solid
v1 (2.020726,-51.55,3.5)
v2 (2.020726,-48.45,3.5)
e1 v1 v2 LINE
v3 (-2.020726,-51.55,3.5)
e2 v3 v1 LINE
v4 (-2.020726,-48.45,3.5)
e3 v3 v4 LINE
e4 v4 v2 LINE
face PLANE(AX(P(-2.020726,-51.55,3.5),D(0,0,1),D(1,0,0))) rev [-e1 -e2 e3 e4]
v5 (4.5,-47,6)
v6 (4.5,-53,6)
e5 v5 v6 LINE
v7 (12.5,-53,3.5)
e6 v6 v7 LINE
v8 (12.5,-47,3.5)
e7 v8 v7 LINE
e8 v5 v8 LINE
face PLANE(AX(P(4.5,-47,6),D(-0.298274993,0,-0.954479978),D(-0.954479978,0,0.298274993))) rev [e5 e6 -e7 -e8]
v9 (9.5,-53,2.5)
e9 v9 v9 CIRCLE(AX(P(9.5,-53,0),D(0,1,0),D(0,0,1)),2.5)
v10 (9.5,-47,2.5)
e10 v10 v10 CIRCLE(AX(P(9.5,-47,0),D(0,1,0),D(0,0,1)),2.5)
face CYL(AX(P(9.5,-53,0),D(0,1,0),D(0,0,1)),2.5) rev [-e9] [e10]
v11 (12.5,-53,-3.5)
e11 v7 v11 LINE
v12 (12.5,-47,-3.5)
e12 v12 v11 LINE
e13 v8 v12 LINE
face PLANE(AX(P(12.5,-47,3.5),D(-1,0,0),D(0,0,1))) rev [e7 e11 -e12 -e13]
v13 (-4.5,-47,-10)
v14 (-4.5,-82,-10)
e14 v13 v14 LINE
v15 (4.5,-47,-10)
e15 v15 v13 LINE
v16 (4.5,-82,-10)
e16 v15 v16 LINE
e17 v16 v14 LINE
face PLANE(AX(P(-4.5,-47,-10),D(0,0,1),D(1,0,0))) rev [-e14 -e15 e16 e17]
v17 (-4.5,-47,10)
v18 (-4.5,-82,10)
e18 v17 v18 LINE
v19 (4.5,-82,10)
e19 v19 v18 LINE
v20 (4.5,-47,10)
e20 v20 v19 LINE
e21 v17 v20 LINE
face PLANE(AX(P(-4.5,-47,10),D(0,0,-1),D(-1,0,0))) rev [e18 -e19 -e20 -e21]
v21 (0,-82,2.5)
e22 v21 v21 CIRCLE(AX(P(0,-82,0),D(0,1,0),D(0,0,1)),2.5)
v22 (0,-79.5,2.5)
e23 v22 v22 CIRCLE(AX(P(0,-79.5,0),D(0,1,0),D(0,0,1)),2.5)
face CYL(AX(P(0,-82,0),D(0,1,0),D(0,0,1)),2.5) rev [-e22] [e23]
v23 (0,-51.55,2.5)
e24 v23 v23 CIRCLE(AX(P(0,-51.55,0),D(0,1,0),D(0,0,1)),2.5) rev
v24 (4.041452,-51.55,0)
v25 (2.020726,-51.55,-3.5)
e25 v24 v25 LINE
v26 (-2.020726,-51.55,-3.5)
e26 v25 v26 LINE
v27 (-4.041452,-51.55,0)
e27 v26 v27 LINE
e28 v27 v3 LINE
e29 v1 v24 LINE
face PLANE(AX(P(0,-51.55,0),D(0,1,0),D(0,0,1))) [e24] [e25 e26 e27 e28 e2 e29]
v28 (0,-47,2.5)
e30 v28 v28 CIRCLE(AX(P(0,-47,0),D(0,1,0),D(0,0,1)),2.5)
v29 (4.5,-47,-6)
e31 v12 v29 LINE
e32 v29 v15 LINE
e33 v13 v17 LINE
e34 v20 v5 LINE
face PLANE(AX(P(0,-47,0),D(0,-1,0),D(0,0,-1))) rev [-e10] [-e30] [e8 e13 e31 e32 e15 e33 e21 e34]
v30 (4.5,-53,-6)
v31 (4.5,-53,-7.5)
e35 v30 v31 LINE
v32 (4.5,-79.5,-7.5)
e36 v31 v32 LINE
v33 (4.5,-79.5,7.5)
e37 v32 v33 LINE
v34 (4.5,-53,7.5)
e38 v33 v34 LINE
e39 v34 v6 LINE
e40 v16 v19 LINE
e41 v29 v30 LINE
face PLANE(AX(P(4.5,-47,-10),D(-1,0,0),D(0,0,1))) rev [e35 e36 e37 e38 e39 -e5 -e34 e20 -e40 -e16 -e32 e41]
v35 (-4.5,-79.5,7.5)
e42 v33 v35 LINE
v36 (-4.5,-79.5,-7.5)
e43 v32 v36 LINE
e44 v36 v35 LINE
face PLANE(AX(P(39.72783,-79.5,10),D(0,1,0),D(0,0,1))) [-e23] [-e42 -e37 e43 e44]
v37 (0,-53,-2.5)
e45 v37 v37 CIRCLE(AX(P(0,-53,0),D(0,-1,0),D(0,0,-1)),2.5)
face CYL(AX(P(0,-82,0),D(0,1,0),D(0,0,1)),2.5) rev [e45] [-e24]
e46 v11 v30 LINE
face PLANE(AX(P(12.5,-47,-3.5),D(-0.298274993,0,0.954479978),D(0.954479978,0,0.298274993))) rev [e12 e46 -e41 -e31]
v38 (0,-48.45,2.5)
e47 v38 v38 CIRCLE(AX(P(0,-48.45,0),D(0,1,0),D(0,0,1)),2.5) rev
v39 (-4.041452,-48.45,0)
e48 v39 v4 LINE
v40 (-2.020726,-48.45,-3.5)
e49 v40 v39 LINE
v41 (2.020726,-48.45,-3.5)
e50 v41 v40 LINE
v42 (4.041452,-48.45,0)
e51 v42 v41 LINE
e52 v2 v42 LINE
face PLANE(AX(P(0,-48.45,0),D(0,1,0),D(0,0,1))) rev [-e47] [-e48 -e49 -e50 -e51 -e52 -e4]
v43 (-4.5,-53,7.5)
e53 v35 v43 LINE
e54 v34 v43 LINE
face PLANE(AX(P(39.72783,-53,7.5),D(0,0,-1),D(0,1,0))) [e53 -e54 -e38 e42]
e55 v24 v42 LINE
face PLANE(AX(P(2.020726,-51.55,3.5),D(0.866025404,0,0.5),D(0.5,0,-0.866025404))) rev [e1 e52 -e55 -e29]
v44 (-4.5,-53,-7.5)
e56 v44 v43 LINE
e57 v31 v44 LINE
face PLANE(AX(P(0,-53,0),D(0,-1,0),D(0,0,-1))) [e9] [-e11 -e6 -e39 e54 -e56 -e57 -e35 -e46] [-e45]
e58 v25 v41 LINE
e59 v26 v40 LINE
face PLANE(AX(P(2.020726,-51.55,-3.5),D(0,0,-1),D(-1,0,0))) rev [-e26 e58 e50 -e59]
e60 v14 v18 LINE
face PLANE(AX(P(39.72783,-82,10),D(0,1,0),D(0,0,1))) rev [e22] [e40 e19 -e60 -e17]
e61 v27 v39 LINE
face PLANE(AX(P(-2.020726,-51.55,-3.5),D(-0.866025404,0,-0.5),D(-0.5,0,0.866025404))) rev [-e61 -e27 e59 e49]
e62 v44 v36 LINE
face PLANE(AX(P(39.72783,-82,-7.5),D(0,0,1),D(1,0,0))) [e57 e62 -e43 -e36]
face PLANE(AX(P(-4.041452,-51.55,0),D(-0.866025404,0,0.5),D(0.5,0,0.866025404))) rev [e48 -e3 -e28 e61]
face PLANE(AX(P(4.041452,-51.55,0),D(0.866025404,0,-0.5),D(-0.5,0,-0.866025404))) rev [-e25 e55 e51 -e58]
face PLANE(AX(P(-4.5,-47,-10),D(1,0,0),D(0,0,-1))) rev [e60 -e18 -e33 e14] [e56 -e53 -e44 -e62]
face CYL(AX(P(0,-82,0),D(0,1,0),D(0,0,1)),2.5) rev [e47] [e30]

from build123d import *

# Parameters (mm, degrees)
BOSS_EXTRUDE1_DEPTH             = 3
CUT_EXTRUDE1_DEPTH              = 17.286497475
CUT_EXTRUDE1_DEPTH_BACK         = 17.286497475
SUPPORT_HOLE_R                  = 2.5
EXTRUDE_THIN1_REACH             = 57.365
EXTRUDE_THIN1_DIRECTION_2_REACH = 57.365
CUT_EXTRUDE2_DEPTH              = 36.780581326
CUT_EXTRUDE2_DEPTH_BACK         = 36.780581326
SKETCH6_R                       = 2.5
CUT_EXTRUDE3_DEPTH              = 1.55


with BuildPart() as part:
    # Sketch3 → Boss-Extrude1 (new, symmetric)
    with BuildSketch(Plane(origin=(0, -50, 0), x_dir=(1, 0, 0), z_dir=(0, 1, 0))):
        Polygon((-4.5, 10), (-4.5, -10), (4.5, -10), (4.5, -6), (12.5, -3.5), (12.5, 3.5), (4.5, 6), (4.5, 10), align=None)
    extrude(amount=BOSS_EXTRUDE1_DEPTH, both=True)

    # Support_hole → Cut-Extrude1 (cut, two sides: drawn at the far end of the back side and taken through both)
    with BuildSketch(Plane(origin=(0, -50, 0), x_dir=(1, 0, 0), z_dir=(0, 1, 0)).offset(-CUT_EXTRUDE1_DEPTH_BACK)):
        with Locations((9.5, 0)):
            Circle(SUPPORT_HOLE_R)
    extrude(amount=CUT_EXTRUDE1_DEPTH + CUT_EXTRUDE1_DEPTH_BACK, mode=Mode.SUBTRACT)

    # Extrude-Thin1: up to this face of the body (flat: up to its plane)
    extrude_thin1_end = Plane(part.part.faces().sort_by_distance((4.5, -50, 8))[0])
    # Sketch8 → Extrude-Thin1 (add, up to the picked face)
    with BuildSketch(Plane(origin=(0, 0, 0), x_dir=(0, 0, -1), z_dir=(1, 0, 0)), mode=Mode.PRIVATE) as extrude_thin1_sk1:
        Polygon((-10, -53), (-10, -82), (10, -82), (10, -53), (7.5, -53), (7.5, -79.5), (-7.5, -79.5), (-7.5, -53), align=None)
    extrude_thin1_tool1 = split(extrude(extrude_thin1_sk1.sketch, amount=EXTRUDE_THIN1_REACH, mode=Mode.PRIVATE), bisect_by=extrude_thin1_end, keep=Keep.BOTH, mode=Mode.PRIVATE)
    add(extrude_thin1_tool1.solids().sort_by(Axis((0, -67.5, 9.647722), (1, 0, 0)))[0])

    # Extrude-Thin1 direction 2: up to this face of the body (flat: up to its plane)
    extrude_thin1_direction_2_end = Plane(part.part.faces().sort_by_distance((-4.5, -50, 0))[0])
    # Sketch8 → Extrude-Thin1 direction 2 (add, up to the picked face)
    with BuildSketch(Plane(origin=(0, 0, 0), x_dir=(0, 0, -1), z_dir=(1, 0, 0)), mode=Mode.PRIVATE) as extrude_thin1_direction_2_sk1:
        Polygon((-10, -53), (-10, -82), (10, -82), (10, -53), (7.5, -53), (7.5, -79.5), (-7.5, -79.5), (-7.5, -53), align=None)
    extrude_thin1_direction_2_tool1 = split(extrude(extrude_thin1_direction_2_sk1.sketch, amount=-EXTRUDE_THIN1_DIRECTION_2_REACH, mode=Mode.PRIVATE), bisect_by=extrude_thin1_direction_2_end, keep=Keep.BOTH, mode=Mode.PRIVATE)
    add(extrude_thin1_direction_2_tool1.solids().sort_by(Axis((0, -67.5, 9.647722), (-1, 0, 0)))[0])

    # Sketch6 → Cut-Extrude2 (cut, two sides: drawn at the far end of the back side and taken through both)
    with BuildSketch(Plane(origin=(0, -50, 0), x_dir=(1, 0, 0), z_dir=(0, 1, 0)).offset(-CUT_EXTRUDE2_DEPTH_BACK)):
        Circle(SKETCH6_R)
    extrude(amount=CUT_EXTRUDE2_DEPTH + CUT_EXTRUDE2_DEPTH_BACK, mode=Mode.SUBTRACT)

    # Sketch7 → Cut-Extrude3 (cut, symmetric)
    with BuildSketch(Plane(origin=(0, -50, 0), x_dir=(1, 0, 0), z_dir=(0, 1, 0))):
        Polygon((2.020725942, -3.5), (4.041451884, 0), (2.020725942, 3.5), (-2.020725942, 3.5), (-4.041451884, 0), (-2.020725942, -3.5), align=None)
    extrude(amount=CUT_EXTRUDE3_DEPTH, both=True, mode=Mode.SUBTRACT)


solid = part.part
